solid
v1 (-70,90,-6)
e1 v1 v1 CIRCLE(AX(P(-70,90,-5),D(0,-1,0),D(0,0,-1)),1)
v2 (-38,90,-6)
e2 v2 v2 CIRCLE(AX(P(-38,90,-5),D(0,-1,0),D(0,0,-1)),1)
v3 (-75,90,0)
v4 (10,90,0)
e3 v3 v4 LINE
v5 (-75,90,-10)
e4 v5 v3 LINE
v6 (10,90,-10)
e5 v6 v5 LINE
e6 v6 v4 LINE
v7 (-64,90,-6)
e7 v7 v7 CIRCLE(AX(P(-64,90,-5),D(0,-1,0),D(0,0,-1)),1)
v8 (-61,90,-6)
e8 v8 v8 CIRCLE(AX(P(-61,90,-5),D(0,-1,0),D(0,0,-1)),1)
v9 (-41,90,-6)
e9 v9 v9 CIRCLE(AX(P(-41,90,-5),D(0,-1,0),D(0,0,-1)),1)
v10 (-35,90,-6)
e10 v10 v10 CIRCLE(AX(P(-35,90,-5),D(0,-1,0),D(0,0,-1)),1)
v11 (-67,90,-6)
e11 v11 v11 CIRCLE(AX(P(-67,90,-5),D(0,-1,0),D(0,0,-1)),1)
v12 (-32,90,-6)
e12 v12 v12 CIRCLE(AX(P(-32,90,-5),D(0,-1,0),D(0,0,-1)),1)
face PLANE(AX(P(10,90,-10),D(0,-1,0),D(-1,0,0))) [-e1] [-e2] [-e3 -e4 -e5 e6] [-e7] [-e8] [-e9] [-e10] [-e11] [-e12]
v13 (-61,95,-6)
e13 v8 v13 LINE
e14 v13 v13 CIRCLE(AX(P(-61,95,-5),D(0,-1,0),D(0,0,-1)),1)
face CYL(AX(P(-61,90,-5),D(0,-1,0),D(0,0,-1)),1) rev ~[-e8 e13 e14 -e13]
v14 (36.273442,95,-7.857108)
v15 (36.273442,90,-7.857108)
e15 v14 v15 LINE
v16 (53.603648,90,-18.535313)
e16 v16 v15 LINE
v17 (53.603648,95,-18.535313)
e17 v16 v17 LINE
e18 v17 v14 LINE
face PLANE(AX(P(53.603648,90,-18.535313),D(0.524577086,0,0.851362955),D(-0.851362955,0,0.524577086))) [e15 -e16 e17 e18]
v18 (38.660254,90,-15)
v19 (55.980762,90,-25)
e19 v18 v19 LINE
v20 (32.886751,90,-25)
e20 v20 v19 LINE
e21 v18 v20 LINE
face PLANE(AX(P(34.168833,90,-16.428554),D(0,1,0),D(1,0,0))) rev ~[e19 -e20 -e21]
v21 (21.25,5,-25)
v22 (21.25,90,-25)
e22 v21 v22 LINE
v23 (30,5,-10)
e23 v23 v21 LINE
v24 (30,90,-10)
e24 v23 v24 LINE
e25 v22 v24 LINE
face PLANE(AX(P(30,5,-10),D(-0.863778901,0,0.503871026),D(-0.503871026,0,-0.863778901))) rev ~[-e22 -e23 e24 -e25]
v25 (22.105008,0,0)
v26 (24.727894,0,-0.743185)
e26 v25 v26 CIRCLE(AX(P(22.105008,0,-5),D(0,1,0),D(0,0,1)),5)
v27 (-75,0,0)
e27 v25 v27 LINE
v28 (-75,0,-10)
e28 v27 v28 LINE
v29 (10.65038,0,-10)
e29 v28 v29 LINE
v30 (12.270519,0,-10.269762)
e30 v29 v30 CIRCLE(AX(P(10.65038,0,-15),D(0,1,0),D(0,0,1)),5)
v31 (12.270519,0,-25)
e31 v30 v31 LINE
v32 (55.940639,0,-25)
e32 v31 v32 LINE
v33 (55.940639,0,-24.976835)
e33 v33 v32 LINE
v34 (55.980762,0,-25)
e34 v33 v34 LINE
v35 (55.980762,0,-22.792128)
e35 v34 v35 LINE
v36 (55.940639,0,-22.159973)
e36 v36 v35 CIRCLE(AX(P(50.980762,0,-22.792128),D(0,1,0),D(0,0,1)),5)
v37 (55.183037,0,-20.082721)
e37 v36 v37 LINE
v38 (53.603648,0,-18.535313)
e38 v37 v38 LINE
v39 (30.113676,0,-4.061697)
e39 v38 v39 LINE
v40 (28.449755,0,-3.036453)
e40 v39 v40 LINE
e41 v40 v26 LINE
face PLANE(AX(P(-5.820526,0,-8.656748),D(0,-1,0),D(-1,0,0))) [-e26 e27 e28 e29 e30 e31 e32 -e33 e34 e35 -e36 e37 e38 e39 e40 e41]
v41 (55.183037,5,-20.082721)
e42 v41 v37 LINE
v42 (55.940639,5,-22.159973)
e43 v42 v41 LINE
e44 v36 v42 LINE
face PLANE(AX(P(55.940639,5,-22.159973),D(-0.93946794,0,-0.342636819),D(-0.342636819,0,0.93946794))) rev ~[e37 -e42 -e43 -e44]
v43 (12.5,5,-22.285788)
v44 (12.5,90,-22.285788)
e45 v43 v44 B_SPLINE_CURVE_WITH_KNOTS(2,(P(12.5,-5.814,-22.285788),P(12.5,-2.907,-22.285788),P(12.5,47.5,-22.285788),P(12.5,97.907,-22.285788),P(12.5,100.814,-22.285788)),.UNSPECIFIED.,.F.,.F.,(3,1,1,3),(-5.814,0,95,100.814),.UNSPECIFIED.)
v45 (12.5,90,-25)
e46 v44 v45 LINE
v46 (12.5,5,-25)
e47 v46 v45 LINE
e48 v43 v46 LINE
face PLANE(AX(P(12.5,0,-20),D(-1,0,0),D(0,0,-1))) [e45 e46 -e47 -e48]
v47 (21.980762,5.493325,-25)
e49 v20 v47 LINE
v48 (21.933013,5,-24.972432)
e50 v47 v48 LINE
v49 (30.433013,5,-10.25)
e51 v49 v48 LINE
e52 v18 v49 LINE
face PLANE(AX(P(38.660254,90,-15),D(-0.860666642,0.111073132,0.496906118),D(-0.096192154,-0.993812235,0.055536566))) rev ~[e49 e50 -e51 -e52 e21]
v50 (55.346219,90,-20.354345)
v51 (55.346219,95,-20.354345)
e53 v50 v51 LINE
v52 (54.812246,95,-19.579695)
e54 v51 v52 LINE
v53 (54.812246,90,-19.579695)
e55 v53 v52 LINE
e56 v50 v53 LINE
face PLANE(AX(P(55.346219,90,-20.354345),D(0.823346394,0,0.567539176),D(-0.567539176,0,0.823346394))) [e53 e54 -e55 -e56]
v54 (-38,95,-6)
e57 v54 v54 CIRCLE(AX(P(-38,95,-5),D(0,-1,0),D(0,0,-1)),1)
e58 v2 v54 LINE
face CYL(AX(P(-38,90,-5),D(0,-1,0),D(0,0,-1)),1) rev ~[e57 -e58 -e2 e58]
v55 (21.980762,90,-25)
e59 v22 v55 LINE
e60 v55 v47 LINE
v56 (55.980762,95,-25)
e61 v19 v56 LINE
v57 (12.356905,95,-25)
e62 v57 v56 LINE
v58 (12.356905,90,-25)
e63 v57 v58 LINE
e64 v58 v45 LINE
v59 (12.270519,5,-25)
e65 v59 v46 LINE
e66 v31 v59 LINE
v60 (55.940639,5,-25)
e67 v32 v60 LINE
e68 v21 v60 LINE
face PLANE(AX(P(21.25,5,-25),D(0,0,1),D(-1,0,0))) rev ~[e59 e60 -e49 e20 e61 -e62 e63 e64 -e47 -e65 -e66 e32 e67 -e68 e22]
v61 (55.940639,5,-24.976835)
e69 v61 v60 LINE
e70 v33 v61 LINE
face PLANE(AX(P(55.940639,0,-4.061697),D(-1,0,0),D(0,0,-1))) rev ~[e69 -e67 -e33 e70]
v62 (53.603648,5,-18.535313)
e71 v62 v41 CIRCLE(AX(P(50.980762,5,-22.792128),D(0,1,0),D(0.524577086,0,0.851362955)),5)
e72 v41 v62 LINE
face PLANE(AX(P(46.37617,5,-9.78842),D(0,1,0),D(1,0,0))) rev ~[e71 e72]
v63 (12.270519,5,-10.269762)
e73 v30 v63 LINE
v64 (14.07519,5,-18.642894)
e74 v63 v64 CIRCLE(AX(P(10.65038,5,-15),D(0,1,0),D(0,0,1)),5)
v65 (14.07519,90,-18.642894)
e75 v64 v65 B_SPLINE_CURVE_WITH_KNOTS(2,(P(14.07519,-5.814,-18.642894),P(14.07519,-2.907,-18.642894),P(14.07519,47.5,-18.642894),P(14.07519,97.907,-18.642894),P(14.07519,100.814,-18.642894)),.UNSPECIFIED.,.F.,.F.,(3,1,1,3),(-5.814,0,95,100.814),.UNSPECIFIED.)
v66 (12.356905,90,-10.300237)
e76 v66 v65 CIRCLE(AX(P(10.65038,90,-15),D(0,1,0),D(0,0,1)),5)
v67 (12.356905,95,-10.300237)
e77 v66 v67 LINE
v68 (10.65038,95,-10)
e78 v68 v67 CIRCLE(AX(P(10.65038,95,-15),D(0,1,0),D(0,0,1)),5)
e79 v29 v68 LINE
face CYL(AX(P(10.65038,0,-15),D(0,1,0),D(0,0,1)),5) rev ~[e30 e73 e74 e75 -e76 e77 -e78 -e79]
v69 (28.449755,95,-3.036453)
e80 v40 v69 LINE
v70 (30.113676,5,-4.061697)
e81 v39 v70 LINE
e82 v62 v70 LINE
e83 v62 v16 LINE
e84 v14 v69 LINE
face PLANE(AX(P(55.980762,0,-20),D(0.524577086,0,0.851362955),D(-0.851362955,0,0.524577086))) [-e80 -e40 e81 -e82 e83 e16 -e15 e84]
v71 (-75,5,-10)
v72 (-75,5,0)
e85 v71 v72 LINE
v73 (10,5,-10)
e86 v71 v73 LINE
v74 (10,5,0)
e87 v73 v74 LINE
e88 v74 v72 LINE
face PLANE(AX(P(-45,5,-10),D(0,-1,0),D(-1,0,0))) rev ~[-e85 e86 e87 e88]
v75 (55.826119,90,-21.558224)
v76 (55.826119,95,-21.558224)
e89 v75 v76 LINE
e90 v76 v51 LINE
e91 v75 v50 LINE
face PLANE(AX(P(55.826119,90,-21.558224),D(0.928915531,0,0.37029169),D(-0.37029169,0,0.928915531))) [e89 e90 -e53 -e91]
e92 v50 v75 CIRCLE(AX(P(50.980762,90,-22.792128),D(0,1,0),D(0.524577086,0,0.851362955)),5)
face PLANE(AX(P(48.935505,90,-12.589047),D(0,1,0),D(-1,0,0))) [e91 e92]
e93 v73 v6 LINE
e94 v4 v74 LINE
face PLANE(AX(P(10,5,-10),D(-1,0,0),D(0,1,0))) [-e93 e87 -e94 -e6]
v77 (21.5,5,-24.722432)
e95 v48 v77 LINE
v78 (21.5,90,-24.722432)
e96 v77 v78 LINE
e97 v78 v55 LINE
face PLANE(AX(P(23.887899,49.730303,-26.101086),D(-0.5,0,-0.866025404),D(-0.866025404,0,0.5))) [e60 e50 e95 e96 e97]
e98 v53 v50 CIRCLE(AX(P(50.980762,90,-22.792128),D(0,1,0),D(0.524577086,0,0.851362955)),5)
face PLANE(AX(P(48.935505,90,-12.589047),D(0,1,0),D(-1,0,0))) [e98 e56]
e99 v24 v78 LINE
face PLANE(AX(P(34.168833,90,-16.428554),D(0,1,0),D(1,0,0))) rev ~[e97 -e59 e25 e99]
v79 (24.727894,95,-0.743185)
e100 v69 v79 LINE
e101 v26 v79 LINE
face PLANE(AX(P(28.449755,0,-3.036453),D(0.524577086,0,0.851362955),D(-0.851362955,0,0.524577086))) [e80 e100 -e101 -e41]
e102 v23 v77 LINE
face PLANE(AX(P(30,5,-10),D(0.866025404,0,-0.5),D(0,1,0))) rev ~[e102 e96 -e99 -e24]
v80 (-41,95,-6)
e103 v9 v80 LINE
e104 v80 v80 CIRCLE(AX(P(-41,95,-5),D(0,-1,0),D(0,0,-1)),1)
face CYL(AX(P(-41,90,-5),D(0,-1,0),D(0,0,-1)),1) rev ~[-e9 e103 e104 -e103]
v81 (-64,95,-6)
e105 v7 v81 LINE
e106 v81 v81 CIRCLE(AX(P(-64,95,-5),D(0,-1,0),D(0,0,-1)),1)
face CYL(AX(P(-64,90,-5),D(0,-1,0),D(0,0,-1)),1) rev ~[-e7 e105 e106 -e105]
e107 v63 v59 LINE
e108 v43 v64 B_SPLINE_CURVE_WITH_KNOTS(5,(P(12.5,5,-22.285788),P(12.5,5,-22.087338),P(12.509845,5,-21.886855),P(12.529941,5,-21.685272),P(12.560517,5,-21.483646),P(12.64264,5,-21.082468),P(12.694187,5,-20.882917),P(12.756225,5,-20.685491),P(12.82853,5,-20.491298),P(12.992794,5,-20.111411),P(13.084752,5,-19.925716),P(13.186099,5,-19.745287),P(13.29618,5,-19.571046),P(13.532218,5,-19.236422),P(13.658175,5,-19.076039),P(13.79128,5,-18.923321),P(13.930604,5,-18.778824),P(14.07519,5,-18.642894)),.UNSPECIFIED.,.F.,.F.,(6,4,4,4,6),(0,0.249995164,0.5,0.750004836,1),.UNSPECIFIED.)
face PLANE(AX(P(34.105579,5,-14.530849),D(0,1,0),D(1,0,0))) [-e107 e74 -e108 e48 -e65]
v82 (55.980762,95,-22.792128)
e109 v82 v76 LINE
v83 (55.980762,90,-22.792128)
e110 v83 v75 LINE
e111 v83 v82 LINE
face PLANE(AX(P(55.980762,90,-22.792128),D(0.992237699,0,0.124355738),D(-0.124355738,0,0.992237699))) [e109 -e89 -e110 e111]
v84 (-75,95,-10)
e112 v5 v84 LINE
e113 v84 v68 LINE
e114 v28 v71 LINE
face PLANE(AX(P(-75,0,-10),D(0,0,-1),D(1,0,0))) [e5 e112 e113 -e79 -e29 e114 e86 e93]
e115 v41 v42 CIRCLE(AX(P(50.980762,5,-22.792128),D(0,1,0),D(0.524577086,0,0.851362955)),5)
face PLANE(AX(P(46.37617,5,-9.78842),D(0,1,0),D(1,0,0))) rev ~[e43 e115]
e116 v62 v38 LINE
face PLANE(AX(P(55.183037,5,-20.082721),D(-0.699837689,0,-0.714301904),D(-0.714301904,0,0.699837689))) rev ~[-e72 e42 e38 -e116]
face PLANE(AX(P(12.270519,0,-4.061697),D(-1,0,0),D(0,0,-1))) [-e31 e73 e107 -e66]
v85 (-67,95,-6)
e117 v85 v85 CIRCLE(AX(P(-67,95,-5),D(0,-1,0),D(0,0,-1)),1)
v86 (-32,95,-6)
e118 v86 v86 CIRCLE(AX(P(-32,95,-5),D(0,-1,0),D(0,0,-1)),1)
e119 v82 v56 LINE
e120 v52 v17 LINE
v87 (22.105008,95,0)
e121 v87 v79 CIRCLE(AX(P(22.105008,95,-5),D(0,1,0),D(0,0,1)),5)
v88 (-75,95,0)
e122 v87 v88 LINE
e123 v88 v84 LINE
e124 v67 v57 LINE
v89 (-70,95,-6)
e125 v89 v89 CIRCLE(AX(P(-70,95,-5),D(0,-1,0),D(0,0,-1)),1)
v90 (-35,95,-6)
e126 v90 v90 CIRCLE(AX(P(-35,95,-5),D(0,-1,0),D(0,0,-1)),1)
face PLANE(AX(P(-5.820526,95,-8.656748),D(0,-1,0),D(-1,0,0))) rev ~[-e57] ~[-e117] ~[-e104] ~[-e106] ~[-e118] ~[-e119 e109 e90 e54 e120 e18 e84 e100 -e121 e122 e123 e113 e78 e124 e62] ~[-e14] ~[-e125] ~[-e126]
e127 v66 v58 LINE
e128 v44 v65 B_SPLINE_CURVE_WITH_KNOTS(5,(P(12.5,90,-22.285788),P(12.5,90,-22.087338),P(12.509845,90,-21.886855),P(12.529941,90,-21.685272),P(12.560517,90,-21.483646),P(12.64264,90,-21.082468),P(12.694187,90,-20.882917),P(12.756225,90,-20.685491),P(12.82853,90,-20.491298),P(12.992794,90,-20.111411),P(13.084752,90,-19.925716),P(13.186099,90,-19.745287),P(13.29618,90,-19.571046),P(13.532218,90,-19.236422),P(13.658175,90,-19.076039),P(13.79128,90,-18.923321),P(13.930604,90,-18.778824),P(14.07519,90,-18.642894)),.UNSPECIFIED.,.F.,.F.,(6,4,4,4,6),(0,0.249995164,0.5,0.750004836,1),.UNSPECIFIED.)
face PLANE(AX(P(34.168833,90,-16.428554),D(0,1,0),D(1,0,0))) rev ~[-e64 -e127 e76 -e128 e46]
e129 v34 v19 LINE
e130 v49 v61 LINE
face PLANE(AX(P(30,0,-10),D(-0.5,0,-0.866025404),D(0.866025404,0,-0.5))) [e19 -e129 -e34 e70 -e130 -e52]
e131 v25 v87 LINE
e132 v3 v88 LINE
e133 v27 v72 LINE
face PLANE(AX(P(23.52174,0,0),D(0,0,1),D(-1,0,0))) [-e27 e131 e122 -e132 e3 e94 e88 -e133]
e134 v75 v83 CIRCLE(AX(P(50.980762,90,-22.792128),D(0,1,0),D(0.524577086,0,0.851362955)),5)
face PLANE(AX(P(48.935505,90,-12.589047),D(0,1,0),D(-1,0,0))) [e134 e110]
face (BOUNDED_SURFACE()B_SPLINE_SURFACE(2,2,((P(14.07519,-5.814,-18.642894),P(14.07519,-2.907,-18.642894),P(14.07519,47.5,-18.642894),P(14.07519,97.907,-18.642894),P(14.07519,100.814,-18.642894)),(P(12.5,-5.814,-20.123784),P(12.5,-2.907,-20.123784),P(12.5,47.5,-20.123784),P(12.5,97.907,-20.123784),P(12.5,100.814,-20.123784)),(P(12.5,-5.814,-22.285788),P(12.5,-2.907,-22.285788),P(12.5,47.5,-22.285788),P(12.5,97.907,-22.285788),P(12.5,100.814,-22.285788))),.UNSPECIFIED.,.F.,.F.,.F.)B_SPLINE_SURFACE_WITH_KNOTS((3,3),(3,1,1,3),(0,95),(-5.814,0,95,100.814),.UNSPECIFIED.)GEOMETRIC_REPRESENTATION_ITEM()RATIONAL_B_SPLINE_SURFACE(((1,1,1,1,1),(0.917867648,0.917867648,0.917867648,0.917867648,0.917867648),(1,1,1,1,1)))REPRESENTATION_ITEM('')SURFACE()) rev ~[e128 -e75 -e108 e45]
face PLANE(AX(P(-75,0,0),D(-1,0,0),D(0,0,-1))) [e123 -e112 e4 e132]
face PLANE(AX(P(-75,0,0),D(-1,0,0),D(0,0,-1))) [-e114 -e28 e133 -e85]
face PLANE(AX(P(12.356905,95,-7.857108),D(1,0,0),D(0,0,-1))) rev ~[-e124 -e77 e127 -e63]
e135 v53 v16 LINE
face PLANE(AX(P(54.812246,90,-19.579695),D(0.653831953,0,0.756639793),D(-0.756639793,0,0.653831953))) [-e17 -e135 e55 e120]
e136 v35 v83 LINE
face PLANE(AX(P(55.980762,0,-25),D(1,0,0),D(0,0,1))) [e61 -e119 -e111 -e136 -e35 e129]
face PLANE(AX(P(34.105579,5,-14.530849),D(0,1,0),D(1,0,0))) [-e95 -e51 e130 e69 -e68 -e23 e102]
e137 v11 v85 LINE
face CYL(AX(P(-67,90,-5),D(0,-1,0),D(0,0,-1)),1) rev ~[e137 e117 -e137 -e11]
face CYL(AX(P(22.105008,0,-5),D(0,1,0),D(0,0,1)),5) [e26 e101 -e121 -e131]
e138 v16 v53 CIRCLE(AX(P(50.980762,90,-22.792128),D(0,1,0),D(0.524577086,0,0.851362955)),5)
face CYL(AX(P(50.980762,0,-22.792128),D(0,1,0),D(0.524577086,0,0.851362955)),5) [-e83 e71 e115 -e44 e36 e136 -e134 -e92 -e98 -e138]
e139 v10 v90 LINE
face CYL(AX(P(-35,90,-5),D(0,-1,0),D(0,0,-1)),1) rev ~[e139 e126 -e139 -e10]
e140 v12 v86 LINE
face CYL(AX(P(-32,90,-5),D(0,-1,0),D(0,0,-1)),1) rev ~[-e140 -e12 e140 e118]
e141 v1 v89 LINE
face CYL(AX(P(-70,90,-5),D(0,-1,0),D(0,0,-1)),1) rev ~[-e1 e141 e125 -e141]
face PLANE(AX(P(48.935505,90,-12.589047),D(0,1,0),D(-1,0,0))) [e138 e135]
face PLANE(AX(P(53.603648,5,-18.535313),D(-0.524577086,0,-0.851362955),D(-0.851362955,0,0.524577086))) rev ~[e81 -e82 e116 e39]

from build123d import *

# Parameters (mm, degrees)
BOSS_EXTRUDE3_DEPTH                  = 95
FILLET8_R                            = 5
FILLET9_R                            = 5
FILLET10_R                           = 5
ESQUISSE3_W                          = 30
ESQUISSE3_H                          = 85
ENL_V_MAT_EXTRU_1_DEPTH              = 122.963109328
ESQUISSE5_W                          = 10
ESQUISSE5_H                          = 60
ENL_V_MAT_EXTRU_2_DEPTH              = 122.963109328
ESQUISSE14_W                         = 10
ESQUISSE14_H                         = 25
ENL_V_MAT_EXTRU_7_DEPTH              = 122.963109328
ESQUISSE15_W                         = 30
ESQUISSE15_H                         = 85
ENL_V_MAT_EXTRU_8_DEPTH              = 122.963109328
ESQUISSE21_W                         = 15
ESQUISSE21_H                         = 85
ENL_V_MAT_EXTRU_9_DEPTH              = 122.963109328
ESQUISSE61_W                         = 43.670119933
ESQUISSE61_H                         = 20.938302955
BOSS_EXTRU_3_DEPTH                   = 5
ENL_V_MAT_EXTRU_18_DEPTH             = 5
ESQUISSE69_W                         = 43.623857554
ESQUISSE69_H                         = 17.142891977
BOSS_EXTRU_4_DEPTH                   = 5
ENL_V_MAT_EXTRU_21_DEPTH             = 10
BOSS_EXTRU_7_DEPTH                   = 17
ENL_V_MAT_EXTRU_25_REACH             = 122.865
ENL_V_MAT_EXTRU_25_DIRECTION_2_DEPTH = 121.865309224
BOSS_EXTRU_10_DEPTH                  = 86
ESQUISSE84_R                         = 1
ENL_V_MAT_EXTRU_26_DEPTH             = 120.791485603


with BuildPart() as part:
    # Sketch1 → Boss-Extrude3 (new body)
    with BuildSketch(Plane(origin=(0, 0, 0), x_dir=(1, 0, 0), z_dir=(0, 1, 0))):
        Polygon((-75, 0), (-75, 10), (24.166666667, 10), (12.5, 20), (12.5, 25), (30, 10), (55.980762114, 25), (55.980762114, 20), (28.449754988, 3.036452995), (23.521740286, 0), align=None)
    extrude(amount=BOSS_EXTRUDE3_DEPTH)

    # Fillet8
    fillet8_edges = [part.edges().sort_by_distance(p)[0] for p in [
        (24.166666667, 47.5, -10),
    ]]
    fillet(fillet8_edges, radius=FILLET8_R)

    # Fillet9
    fillet9_edges = [part.edges().sort_by_distance(p)[0] for p in [
        (55.980762114, 47.5, -20),
        (12.5, 47.5, -20),
    ]]
    fillet(fillet9_edges, radius=FILLET9_R)

    # Fillet10
    fillet10_edges = [part.edges().sort_by_distance(p)[0] for p in [
        (23.521740286, 47.5, 0),
    ]]
    fillet(fillet10_edges, radius=FILLET10_R)

    # Esquisse3 → Enlèv. mat.-Extru.1 (cut, through all)
    with BuildSketch(Plane(origin=(0, 0, -10), x_dir=(-1, 0, 0), z_dir=(0, 0, -1))):
        with Locations((60, 47.5)):
            Rectangle(ESQUISSE3_W, ESQUISSE3_H)
    extrude(amount=-ENL_V_MAT_EXTRU_1_DEPTH, mode=Mode.SUBTRACT)

    # Esquisse5 → Enlèv. mat.-Extru.2 (cut, through all)
    with BuildSketch(Plane(origin=(0, 0, -10), x_dir=(-1, 0, 0), z_dir=(0, 0, -1))):
        with Locations((40, 35)):
            Rectangle(ESQUISSE5_W, ESQUISSE5_H)
    extrude(amount=-ENL_V_MAT_EXTRU_2_DEPTH, mode=Mode.SUBTRACT)

    # Esquisse14 → Enlèv. mat.-Extru.7 (cut, through all)
    with BuildSketch(Plane(origin=(0, 0, -10), x_dir=(-1, 0, 0), z_dir=(0, 0, -1))):
        with Locations((40, 77.5)):
            Rectangle(ESQUISSE14_W, ESQUISSE14_H)
    extrude(amount=-ENL_V_MAT_EXTRU_7_DEPTH, mode=Mode.SUBTRACT)

    # Esquisse15 → Enlèv. mat.-Extru.8 (cut, through all)
    with BuildSketch(Plane(origin=(0, 0, -10), x_dir=(-1, 0, 0), z_dir=(0, 0, -1))):
        with Locations((20, 47.5)):
            Rectangle(ESQUISSE15_W, ESQUISSE15_H)
    extrude(amount=-ENL_V_MAT_EXTRU_8_DEPTH, mode=Mode.SUBTRACT)

    # Esquisse21 → Enlèv. mat.-Extru.9 (cut, through all)
    with BuildSketch(Plane(origin=(0, 0, -10), x_dir=(-1, 0, 0), z_dir=(0, 0, -1))):
        with Locations((-2.5, 47.5)):
            Rectangle(ESQUISSE21_W, ESQUISSE21_H)
    extrude(amount=-ENL_V_MAT_EXTRU_9_DEPTH, mode=Mode.SUBTRACT)

    # Esquisse61 → Boss.-Extru.3 (add)
    with BuildSketch(Plane(origin=(0, 0, 0), x_dir=(1, 0, 0), z_dir=(0, 1, 0))):
        with Locations((34.105579197, 14.530848522)):
            Rectangle(ESQUISSE61_W, ESQUISSE61_H)
    extrude(amount=BOSS_EXTRU_3_DEPTH)

    # Esquisse63 → Enlèv. mat.-Extru.18 (cut)
    with BuildSketch(Plane(origin=(0, 5, 0), x_dir=(1, 0, 0), z_dir=(0, 1, 0))):
        Polygon((55.940639163, 22.159973494), (55.183036705, 20.082720902), (53.603647545, 18.535313491), (30.113675938, 4.061697045), (55.940639163, 4.061697045), align=None)
    extrude(amount=-ENL_V_MAT_EXTRU_18_DEPTH, mode=Mode.SUBTRACT)

    # Esquisse69 → Boss.-Extru.4 (add)
    with BuildSketch(Plane(origin=(0, 95, 0), x_dir=(1, 0, 0), z_dir=(0, 1, 0))):
        with Locations((34.168833337, 16.428554012)):
            Rectangle(ESQUISSE69_W, ESQUISSE69_H)
    extrude(amount=-BOSS_EXTRU_4_DEPTH)

    # Esquisse71 → Enlèv. mat.-Extru.21 (cut)
    with BuildSketch(Plane.XZ.offset(-90)):
        Polygon((55.980762114, -22.792128264), (55.826118619, -21.558223754), (55.346218971, -20.354345168), (54.812246486, -19.579694996), (53.603647545, -18.535313491), (36.273442327, -7.857108023), (55.980762114, -7.857108023), align=None)
    extrude(amount=-ENL_V_MAT_EXTRU_21_DEPTH, mode=Mode.SUBTRACT)

    # Esquisse77 → Boss.-Extru.7 (add)
    with BuildSketch(Plane(origin=(3.169872981, 0, 5.490381057), x_dir=(-0.8660254037844384, 0, 0.5000000000000004), z_dir=(-0.5000000000000004, 0, -0.8660254037844384))):
        Polygon((-30.980762114, 90), (-40.980762114, 90), (-31.480762114, 5), (-30.980762114, 5), align=None)
    extrude(amount=BOSS_EXTRU_7_DEPTH)

    # Esquisse79 → Enlèv. mat.-Extru.25 (cut, up to next)
    with BuildSketch(Plane(origin=(0, 90, 0), x_dir=(1, 0, 0), z_dir=(0, 1, 0)), mode=Mode.PRIVATE) as enl_v_mat_extru_25_sk1:
        Polygon((21.980762114, 25), (32.886751346, 25), (30.160254038, 29.722431864), align=None)
    enl_v_mat_extru_25_tool1 = extrude(enl_v_mat_extru_25_sk1.sketch, amount=-ENL_V_MAT_EXTRU_25_REACH, mode=Mode.PRIVATE) & part.part
    add(enl_v_mat_extru_25_tool1.solids().sort_by_distance((28.342589, 90, -26.574144))[0], mode=Mode.SUBTRACT)

    # Esquisse79 → Enlèv. mat.-Extru.25 direction 2 (cut)
    with BuildSketch(Plane(origin=(0, 90, 0), x_dir=(1, 0, 0), z_dir=(0, 1, 0))):
        Polygon((21.980762114, 25), (32.886751346, 25), (30.160254038, 29.722431864), align=None)
    extrude(amount=ENL_V_MAT_EXTRU_25_DIRECTION_2_DEPTH, mode=Mode.SUBTRACT)

    # Esquisse80 → Boss.-Extru.10 (add)
    with BuildSketch(Plane(origin=(0, 5, 0), x_dir=(1, 0, 0), z_dir=(0, 1, 0))):
        Polygon((12.5, 25), (30, 10), (21.25, 25), align=None)
    extrude(amount=BOSS_EXTRU_10_DEPTH)

    # Esquisse84 → Enlèv. mat.-Extru.26 (cut, through all)
    with BuildSketch(Plane(origin=(0, 90, 0), x_dir=(-1, 0, 0), z_dir=(0, -1, 0))):
        with Locations(Location((70, 5, 0), (0, 0, 90))):
            Circle(ESQUISSE84_R)
        with Locations(Location((67, 5, 0), (0, 0, 90))):
            Circle(ESQUISSE84_R)
        with Locations(Location((64, 5, 0), (0, 0, 90))):
            Circle(ESQUISSE84_R)
        with Locations(Location((61, 5, 0), (0, 0, 90))):
            Circle(ESQUISSE84_R)
        with Locations(Location((41, 5, 0), (0, 0, 90))):
            Circle(ESQUISSE84_R)
        with Locations(Location((38, 5, 0), (0, 0, 90))):
            Circle(ESQUISSE84_R)
        with Locations(Location((35, 5, 0), (0, 0, 90))):
            Circle(ESQUISSE84_R)
        with Locations(Location((32, 5, 0), (0, 0, 90))):
            Circle(ESQUISSE84_R)
    extrude(amount=-ENL_V_MAT_EXTRU_26_DEPTH, mode=Mode.SUBTRACT)


solid = part.part
